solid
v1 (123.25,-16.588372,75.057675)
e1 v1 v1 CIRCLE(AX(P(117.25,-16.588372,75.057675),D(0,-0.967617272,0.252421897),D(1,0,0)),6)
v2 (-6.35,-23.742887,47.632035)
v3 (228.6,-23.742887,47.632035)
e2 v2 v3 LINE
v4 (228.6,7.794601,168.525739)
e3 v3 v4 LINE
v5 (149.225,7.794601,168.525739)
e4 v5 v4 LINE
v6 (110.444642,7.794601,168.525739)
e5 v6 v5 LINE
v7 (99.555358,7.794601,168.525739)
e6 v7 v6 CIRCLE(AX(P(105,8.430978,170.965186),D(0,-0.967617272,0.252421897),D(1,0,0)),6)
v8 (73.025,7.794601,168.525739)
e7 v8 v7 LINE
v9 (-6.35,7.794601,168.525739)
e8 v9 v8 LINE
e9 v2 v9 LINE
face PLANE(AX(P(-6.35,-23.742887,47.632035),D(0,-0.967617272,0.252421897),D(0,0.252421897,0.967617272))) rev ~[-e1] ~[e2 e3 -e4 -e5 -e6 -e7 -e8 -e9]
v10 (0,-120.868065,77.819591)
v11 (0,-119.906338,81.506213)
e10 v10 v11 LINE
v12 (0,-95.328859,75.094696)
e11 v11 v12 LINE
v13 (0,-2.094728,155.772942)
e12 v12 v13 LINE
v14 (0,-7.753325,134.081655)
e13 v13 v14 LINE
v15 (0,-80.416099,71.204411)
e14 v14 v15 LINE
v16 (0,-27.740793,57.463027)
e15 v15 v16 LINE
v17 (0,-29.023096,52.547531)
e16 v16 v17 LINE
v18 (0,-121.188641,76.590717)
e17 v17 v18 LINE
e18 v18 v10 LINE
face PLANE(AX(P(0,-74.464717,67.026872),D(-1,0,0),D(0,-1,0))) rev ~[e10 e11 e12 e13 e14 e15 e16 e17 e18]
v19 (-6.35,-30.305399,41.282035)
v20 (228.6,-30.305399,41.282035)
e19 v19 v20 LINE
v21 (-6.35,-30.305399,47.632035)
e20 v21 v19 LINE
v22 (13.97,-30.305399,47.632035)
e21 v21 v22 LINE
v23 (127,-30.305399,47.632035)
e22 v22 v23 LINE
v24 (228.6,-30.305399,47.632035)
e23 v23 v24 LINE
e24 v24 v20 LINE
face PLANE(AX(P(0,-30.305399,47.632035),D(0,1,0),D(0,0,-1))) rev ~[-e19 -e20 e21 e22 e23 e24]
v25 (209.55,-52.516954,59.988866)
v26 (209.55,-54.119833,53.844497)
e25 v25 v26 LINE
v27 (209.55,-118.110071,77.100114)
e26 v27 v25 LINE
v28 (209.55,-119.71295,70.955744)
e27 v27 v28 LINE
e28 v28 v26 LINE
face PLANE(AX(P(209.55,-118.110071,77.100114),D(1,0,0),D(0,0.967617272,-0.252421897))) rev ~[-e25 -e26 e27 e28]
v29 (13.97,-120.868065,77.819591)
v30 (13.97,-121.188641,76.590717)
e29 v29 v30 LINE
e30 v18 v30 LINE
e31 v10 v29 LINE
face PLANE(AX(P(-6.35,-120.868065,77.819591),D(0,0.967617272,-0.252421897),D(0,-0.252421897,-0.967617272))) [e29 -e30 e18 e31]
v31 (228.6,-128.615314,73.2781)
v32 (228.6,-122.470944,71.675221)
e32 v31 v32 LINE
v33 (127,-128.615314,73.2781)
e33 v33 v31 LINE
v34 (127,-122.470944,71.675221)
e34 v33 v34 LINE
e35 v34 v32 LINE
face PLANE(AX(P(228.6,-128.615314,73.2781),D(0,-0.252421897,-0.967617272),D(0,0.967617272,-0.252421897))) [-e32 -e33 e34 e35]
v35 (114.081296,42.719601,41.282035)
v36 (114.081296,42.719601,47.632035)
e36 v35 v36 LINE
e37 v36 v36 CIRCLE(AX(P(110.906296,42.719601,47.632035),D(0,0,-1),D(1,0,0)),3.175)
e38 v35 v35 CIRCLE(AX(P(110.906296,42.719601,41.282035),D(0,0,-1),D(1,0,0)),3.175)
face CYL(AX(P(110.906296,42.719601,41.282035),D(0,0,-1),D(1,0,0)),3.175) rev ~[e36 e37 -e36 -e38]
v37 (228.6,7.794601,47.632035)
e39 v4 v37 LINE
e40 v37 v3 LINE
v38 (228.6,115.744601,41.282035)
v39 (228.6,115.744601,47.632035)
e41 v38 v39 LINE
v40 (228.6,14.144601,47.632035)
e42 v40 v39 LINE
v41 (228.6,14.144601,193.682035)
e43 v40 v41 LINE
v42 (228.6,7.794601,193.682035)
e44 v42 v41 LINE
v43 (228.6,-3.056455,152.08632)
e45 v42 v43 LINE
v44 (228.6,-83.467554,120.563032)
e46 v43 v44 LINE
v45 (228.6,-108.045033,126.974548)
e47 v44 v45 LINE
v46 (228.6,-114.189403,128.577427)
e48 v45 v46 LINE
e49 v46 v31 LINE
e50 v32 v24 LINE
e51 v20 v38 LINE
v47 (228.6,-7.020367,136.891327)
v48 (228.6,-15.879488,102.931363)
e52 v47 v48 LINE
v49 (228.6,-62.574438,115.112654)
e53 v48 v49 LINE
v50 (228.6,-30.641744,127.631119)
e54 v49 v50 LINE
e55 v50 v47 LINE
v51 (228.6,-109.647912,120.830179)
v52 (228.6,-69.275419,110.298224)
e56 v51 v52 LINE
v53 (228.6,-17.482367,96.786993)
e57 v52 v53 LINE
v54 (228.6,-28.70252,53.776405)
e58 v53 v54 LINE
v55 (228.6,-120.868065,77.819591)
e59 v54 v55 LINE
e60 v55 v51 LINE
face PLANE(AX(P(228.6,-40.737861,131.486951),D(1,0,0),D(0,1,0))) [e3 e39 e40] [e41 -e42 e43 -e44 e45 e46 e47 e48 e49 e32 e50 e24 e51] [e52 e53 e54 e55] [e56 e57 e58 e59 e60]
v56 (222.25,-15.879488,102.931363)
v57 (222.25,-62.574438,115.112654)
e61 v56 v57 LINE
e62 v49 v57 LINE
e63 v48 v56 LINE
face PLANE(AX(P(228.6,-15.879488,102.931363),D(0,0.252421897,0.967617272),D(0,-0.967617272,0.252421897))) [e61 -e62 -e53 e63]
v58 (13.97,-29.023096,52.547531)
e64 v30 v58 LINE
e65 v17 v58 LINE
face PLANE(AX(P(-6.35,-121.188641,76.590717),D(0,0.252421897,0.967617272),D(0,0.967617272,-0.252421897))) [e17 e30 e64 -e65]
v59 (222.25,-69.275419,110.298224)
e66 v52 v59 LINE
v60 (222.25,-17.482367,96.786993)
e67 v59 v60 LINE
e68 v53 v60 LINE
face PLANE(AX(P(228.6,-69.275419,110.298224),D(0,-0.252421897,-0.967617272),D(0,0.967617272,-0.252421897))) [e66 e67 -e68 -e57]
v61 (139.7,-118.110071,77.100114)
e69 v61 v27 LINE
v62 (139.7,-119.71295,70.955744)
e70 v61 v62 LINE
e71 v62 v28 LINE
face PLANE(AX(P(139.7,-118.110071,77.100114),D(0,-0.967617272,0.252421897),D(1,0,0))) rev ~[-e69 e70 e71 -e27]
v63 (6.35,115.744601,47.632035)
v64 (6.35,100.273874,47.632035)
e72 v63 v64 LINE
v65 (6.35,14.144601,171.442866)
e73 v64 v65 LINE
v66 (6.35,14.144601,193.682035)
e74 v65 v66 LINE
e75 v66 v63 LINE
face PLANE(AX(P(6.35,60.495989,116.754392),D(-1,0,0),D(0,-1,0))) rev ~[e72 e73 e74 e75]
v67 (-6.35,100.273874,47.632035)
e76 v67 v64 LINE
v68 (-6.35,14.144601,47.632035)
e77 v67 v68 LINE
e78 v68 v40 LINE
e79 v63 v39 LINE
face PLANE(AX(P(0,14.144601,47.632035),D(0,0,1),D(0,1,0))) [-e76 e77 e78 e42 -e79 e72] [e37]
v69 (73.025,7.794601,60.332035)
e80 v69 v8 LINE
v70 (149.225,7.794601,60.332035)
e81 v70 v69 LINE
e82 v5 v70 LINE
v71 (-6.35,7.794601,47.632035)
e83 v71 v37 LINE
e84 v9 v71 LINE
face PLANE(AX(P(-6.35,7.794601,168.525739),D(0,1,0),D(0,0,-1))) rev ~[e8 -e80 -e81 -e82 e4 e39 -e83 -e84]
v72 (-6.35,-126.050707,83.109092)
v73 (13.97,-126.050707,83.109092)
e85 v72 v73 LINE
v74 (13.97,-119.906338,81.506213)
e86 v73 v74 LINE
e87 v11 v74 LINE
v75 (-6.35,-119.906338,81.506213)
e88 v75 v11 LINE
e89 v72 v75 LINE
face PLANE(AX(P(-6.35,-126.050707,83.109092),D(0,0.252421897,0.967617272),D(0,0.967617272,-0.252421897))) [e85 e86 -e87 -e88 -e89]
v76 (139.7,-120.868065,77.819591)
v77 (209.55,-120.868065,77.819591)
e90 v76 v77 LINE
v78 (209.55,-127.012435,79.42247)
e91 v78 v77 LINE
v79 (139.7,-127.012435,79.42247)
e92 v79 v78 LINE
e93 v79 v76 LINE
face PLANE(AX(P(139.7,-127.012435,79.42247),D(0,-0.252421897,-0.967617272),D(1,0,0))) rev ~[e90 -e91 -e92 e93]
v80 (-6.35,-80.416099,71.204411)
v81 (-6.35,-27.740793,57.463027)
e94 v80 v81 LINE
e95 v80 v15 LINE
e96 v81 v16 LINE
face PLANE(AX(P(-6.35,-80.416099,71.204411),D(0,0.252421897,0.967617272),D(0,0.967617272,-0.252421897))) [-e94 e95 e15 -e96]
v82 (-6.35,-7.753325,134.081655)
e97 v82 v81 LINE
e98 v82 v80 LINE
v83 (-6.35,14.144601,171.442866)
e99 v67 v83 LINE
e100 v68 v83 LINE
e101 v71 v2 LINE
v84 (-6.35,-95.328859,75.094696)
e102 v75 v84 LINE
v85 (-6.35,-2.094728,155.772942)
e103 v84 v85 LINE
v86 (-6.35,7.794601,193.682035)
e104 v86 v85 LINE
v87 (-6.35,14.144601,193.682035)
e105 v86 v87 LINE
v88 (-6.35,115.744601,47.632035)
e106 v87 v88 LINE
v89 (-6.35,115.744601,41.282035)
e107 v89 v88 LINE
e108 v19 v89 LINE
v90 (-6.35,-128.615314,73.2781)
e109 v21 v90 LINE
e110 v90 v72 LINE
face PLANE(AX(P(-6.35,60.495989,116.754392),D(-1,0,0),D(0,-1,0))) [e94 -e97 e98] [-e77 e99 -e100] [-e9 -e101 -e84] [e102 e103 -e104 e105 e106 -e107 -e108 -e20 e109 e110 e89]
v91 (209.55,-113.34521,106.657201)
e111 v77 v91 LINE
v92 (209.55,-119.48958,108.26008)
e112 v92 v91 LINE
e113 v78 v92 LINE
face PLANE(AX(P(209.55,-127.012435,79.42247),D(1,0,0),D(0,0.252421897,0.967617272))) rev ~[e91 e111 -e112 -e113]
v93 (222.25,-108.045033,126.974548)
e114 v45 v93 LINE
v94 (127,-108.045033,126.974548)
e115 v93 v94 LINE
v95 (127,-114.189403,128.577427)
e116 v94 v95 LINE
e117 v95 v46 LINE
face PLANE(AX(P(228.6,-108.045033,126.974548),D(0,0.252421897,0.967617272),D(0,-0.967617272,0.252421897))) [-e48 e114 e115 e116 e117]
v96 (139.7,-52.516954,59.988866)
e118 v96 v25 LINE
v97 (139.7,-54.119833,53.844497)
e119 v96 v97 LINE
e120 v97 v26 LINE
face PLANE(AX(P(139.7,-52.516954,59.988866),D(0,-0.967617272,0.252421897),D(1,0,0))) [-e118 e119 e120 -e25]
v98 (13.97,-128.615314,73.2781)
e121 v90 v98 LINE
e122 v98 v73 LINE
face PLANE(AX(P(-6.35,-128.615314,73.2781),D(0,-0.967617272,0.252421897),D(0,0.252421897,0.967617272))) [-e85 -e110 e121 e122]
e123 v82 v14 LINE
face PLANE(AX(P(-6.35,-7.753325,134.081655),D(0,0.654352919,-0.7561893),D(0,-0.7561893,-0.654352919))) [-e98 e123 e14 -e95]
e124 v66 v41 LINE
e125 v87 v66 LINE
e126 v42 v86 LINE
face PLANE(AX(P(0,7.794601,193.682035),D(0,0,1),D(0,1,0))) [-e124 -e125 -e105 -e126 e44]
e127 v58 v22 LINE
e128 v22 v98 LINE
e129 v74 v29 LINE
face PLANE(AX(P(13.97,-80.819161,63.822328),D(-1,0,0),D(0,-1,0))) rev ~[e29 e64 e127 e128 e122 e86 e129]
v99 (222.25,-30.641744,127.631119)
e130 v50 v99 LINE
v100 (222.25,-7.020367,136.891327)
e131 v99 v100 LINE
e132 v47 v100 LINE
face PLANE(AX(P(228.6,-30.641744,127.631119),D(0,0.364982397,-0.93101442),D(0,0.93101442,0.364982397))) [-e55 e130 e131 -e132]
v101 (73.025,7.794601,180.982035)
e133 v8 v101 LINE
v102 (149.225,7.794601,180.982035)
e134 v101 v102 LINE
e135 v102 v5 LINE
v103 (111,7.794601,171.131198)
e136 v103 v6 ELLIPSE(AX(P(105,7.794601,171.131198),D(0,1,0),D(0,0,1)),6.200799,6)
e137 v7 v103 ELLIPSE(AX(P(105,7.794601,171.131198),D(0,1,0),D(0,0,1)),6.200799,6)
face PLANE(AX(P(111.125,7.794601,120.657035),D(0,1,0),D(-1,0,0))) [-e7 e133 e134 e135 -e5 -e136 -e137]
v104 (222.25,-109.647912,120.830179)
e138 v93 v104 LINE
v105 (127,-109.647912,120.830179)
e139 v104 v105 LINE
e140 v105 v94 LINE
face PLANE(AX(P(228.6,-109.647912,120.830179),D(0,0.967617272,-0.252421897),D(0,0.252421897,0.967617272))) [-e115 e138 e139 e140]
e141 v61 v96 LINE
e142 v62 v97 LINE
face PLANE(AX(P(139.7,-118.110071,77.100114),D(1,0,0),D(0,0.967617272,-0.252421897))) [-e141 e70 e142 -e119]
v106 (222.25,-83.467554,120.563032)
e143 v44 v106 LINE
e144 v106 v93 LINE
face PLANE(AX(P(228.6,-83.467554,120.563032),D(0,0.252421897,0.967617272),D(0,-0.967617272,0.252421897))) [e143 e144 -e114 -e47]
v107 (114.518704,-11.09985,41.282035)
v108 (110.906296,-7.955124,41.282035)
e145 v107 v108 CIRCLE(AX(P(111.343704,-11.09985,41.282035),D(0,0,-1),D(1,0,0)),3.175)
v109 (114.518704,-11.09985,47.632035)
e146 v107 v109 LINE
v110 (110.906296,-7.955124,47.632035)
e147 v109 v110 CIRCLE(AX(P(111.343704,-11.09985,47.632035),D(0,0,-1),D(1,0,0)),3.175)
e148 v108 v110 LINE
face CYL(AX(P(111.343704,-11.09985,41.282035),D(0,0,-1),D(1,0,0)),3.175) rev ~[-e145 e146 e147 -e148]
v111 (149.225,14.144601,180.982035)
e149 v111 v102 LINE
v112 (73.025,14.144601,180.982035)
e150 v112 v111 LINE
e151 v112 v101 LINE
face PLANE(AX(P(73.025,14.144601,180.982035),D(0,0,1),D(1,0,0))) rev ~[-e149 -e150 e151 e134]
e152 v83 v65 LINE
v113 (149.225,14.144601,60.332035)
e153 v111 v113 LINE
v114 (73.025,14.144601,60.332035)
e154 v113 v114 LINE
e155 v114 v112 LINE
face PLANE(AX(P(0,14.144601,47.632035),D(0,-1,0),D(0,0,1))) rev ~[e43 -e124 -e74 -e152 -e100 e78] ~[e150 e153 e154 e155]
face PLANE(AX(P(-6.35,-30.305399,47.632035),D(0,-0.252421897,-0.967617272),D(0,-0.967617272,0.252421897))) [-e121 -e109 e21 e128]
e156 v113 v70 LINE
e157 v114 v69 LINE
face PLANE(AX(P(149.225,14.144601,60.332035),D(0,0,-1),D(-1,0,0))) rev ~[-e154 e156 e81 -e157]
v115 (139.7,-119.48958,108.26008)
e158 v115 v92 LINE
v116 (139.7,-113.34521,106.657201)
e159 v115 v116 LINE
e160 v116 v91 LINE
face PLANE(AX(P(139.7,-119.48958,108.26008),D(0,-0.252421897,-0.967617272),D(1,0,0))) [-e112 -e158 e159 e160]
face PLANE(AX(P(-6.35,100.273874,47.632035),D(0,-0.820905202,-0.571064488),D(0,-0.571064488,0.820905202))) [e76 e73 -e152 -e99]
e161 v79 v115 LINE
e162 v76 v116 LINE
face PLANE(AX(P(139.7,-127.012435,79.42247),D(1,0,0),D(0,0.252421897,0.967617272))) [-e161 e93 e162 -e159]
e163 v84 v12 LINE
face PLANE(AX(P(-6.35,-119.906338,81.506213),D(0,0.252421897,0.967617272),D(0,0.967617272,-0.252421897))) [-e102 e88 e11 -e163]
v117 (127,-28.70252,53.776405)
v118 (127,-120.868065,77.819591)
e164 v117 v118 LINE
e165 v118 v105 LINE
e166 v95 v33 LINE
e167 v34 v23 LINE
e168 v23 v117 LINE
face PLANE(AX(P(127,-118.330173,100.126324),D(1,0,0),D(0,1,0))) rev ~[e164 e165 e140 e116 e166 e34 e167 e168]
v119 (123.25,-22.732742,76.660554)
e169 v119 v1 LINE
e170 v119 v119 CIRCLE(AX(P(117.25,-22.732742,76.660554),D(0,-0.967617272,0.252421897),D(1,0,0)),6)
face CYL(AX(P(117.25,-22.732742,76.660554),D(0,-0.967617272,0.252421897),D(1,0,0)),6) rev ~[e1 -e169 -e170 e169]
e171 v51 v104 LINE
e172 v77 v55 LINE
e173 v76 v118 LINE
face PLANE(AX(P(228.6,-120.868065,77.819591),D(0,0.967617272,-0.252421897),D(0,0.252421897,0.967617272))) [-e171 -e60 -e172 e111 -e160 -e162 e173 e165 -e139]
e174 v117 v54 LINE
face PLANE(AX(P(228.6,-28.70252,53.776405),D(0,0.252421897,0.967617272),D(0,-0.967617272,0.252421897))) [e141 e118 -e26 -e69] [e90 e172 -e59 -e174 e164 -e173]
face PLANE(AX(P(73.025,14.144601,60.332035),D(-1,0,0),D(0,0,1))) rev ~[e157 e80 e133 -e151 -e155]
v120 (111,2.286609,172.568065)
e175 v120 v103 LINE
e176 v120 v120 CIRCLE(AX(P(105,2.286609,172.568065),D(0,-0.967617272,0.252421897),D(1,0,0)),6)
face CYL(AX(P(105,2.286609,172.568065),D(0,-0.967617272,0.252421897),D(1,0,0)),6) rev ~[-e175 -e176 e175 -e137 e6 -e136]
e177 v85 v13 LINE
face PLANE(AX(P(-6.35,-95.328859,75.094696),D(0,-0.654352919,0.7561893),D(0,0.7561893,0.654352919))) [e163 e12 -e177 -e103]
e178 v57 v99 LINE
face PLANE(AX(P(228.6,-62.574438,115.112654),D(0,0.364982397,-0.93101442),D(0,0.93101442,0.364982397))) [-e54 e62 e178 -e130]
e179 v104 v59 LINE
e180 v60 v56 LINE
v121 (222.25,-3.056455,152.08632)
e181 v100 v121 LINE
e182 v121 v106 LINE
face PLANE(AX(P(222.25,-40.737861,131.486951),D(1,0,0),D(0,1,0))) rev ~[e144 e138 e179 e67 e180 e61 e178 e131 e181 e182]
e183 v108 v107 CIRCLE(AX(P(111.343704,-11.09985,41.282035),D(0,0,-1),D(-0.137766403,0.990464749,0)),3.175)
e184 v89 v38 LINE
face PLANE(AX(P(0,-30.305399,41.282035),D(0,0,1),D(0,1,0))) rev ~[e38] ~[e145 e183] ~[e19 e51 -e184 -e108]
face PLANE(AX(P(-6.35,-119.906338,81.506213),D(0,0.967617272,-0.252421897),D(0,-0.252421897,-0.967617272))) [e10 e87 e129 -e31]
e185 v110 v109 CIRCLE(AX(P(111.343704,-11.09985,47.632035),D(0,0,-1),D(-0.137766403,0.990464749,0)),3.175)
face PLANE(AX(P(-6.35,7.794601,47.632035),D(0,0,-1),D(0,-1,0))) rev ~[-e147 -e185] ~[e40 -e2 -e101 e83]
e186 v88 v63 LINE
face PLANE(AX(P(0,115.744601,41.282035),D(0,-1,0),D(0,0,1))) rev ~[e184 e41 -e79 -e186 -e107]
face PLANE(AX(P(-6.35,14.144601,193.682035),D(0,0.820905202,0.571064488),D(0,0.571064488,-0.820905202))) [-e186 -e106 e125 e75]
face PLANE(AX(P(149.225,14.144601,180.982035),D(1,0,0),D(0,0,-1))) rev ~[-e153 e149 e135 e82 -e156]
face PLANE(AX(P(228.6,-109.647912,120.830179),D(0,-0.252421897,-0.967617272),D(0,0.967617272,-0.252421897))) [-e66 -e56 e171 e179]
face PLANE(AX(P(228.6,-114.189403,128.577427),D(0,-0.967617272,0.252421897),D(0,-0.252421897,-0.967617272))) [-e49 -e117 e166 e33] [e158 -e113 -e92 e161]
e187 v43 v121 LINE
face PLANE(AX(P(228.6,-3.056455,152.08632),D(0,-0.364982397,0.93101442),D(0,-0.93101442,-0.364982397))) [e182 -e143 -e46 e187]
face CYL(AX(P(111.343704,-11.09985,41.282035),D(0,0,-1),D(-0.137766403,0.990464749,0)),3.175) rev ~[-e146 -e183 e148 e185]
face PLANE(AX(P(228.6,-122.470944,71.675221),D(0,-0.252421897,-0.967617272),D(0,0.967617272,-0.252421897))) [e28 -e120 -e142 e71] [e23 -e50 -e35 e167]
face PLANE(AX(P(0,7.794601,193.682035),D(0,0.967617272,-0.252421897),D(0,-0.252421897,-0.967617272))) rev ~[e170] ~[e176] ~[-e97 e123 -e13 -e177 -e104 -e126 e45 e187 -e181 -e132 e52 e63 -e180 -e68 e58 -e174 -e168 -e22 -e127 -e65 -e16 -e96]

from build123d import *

# Parameters (mm, degrees)
F0_W      = 6.35
F0_H      = 146.05
F0_W_2    = 101.6
F0_H_2    = 6.35
F1_DEPTH  = 228.6
F4_DEPTH  = 101.6
F5_DEPTH  = 6.35
F7_W      = 69.85
F7_H      = 29.8027028753
F8_DEPTH  = 6.35
F6_W      = 69.85
F6_H      = 67.7882859973
F9_DEPTH  = 6.35
F10_DEPTH = 6.35
F12_DEPTH = 234.95
F13_R     = 3.175
F14_DEPTH = 6.35
F16_DEPTH = 20.32
F17_DEPTH = 6.35
F20_DEPTH = 6.35
F18_R     = 6
F21_DEPTH = 12.7
F23_DEPTH = 12.7


with BuildPart() as f1:
    # F0 (on Right) → F1 (new body)
    with BuildSketch(Plane.YZ):
        Polygon((-30.3053990938, 47.6320354104), (-30.3053990938, 41.2820354104), (14.1446009062, 41.2820354104), (14.1446009062, 47.6320354104), (7.7946009062, 47.6320354104), (7.7946009062, 193.6820354104), align=None)
        with Locations((10.9696009062, 120.6570354104)):
            Rectangle(F0_W, F0_H)
        with Locations((64.9446009062, 44.4570354104)):
            Rectangle(F0_W_2, F0_H_2)
    extrude(amount=F1_DEPTH)

    # F2 (on face) → F4 (join)
    with BuildSketch(Plane.YZ.offset(228.6)):
        Polygon((-128.6153139693, 73.2781001605), (-122.4709442896, 71.6752211137), (-120.8680652427, 77.8195907934), (-115.2579885786, 99.3248846724), (-109.6479119145, 120.8301785514), (-108.0450328676, 126.9745482311), (-114.1894025473, 128.577427278), align=None)
        Polygon((-122.4709442896, 71.6752211137), (-30.3053990938, 47.6320354104), (-28.7025200469, 53.7764050901), (-106.5976272263, 74.0968678326), (-120.8680652427, 77.8195907934), align=None)
    extrude(amount=-F4_DEPTH)

    # F3 (on face) → F5 (join)
    with BuildSketch(Plane.YZ.offset(228.6)):
        Polygon((-109.6479119145, 120.8301785514), (-69.2754185778, 110.2982237679), (-17.4823667187, 96.7869928482), (-15.8794876718, 102.9313625279), (-62.5744384004, 115.1126540223), (-83.4675541487, 120.5630320436), (-108.0450328676, 126.9745482311), align=None)
    extrude(amount=-F5_DEPTH)

    # F7 (on face) → F8 (cut, through all)
    with BuildSketch(Plane(origin=(0, -138.3183697556, 36.0830529797), x_dir=(1, 0, 0), z_dir=(0, -0.9676172724, 0.2524218971))):
        with Locations((174.625, 59.6911852871)):
            Rectangle(F7_W, F7_H)
    extrude(amount=-F8_DEPTH, mode=Mode.SUBTRACT)

    # F6 (on face) → F9 (cut, through all)
    with BuildSketch(Plane(origin=(0, 11.3059348332, 43.3394168605), x_dir=(1, 0, 0), z_dir=(0, 0.2524218971, 0.9676172724))):
        with Locations((174.625, -99.8529585577)):
            Rectangle(F6_W, F6_H)
    extrude(amount=-F9_DEPTH, mode=Mode.SUBTRACT)

    # F2 (on face) + F5_face (on face) + F0 (on Right) → F10 (join)
    with BuildSketch(Plane.YZ.offset(228.6)):
        Polygon((-83.4675541487, 120.5630320436), (-62.5744384004, 115.1126540223), (-30.6417442167, 127.6311188518), (-7.020366585, 136.8913266941), (-3.0564552968, 152.0863199656), align=None)
    with BuildSketch(Plane(origin=(228.6, -14.5704476362, 90.6728554843), x_dir=(0, 1, 0), z_dir=(1, 0, 0))):
        Polygon((22.3650485424, 103.0091799261), (-1.3090400356, 12.2585070436), (-99.6189549112, 37.9045717937), (-114.0448663331, -17.3947553238), (-15.7349514576, -43.0408200739), (-15.7349514576, -49.3908200739), (130.3150485424, -49.3908200739), (130.3150485424, -43.0408200739), (28.7150485424, -43.0408200739), (28.7150485424, 103.0091799261), align=None)
        Polygon((-2.9119190825, 6.1141373639), (-14.1320724107, -36.8964503942), (-106.2976176065, -12.8532646909), (-95.0774642783, 30.1573230671), align=None, mode=Mode.SUBTRACT)
    with BuildSketch(Plane.YZ):
        Polygon((-30.3053990938, 47.6320354104), (-30.3053990938, 41.2820354104), (14.1446009062, 41.2820354104), (14.1446009062, 47.6320354104), (7.7946009062, 47.6320354104), (7.7946009062, 193.6820354104), align=None)
        with Locations((64.9446009062, 44.4570354104)):
            Rectangle(F0_W_2, F0_H_2)
        with Locations((10.9696009062, 120.6570354104)):
            Rectangle(F0_W, F0_H)
    extrude(amount=-F10_DEPTH)

    # F11 (on face) → F12 (cut, through all)
    with BuildSketch(Plane(origin=(-6.35, 0, 0), x_dir=(0, -1, 0), z_dir=(-1, 0, 0))):
        Polygon((23.742887054, 47.6320354104), (18.5949307967, 67.3658677301), (-7.7946009062, 168.5257392579), (-7.7946009062, 73.7693533301), (-7.7946009062, 47.6320354104), align=None)
    extrude(amount=-F12_DEPTH, mode=Mode.SUBTRACT)

    # F13 (on face) → F14 (cut, through all)
    with BuildSketch(Plane(origin=(0, 0, 41.2820354104), x_dir=(1, 0, 0), z_dir=(0, 0, -1))):
        with BuildLine():
            ThreePointArc((110.906295836, 7.9551242506), (113.4283928169, 8.705126833), (114.518704164, 11.0998498276))
            ThreePointArc((114.518704164, 11.0998498276), (109.2590155112, 13.4945728222), (110.906295836, 7.9551242506))
        make_face()
        with Locations((110.906295836, -42.7196009062)):
            Circle(F13_R)
    extrude(amount=-F14_DEPTH, mode=Mode.SUBTRACT)

    # F15 (on face) → F16 (join)
    with BuildSketch(Plane(origin=(-6.35, 0, 0), x_dir=(0, -1, 0), z_dir=(-1, 0, 0))):
        Polygon((29.0230958563, 52.5475311542), (30.3053990938, 47.6320354104), (128.6153139693, 73.2781001605), (126.0507074943, 83.1090916481), (119.9063378146, 81.5062126012), (120.8680652427, 77.8195907934), (121.1886410521, 76.5907168574), align=None)
    extrude(amount=-F16_DEPTH)

    # F15 (on face) → F17 (join)
    with BuildSketch(Plane(origin=(-6.35, 0, 0), x_dir=(0, -1, 0), z_dir=(-1, 0, 0))):
        Polygon((27.7407926188, 57.463026898), (29.0230958563, 52.5475311542), (121.1886410521, 76.5907168574), (120.8680652427, 77.8195907934), (119.9063378146, 81.5062126012), (95.3288590957, 75.0946964137), (80.4160992001, 71.2044112235), align=None)
        Polygon((43.3673341555, 103.2638010329), (80.4160992001, 71.2044112235), (95.3288590957, 75.0946964137), (2.0947278686, 155.7729417735), (7.7533245088, 134.0816546527), align=None)
    extrude(amount=-F17_DEPTH)

    # F19 (on face) → F20 (cut)
    with BuildSketch(Plane(origin=(0, 14.1446009062, 0), x_dir=(-1, 0, 0), z_dir=(0, 1, 0))):
        Polygon((-73.025, 122.8082254529), (-73.025, 180.9820354104), (-114.1596585512, 180.9820354104), (-149.225, 180.9820354104), (-149.225, 126.8474459648), (-149.225, 60.3320354104), (-73.025, 60.3320354104), align=None)
    extrude(amount=-F20_DEPTH, mode=Mode.SUBTRACT)

    # F18 (on face) → F21 (cut)
    with BuildSketch(Plane(origin=(0, -40.0084548801, 10.4369882296), x_dir=(1, 0, 0), z_dir=(0, -0.9676172724, 0.2524218971))):
        with Locations((117.25, 68.4398338495)):
            Circle(F18_R)
        with Locations((105, 167.5570309162)):
            Circle(F18_R)
    extrude(amount=-F21_DEPTH, mode=Mode.SUBTRACT)

    # F22 (on face) → F23 (join)
    with BuildSketch(Plane(origin=(-6.35, 0, 0), x_dir=(0, -1, 0), z_dir=(-1, 0, 0))):
        Polygon((-14.1446009062, 171.4428658202), (-14.1446009062, 193.6820354104), (-115.7446009062, 47.6320354104), (-100.2738742348, 47.6320354104), (-84.3938715819, 70.4595392239), align=None)
    extrude(amount=-F23_DEPTH)


solid = f1.part
